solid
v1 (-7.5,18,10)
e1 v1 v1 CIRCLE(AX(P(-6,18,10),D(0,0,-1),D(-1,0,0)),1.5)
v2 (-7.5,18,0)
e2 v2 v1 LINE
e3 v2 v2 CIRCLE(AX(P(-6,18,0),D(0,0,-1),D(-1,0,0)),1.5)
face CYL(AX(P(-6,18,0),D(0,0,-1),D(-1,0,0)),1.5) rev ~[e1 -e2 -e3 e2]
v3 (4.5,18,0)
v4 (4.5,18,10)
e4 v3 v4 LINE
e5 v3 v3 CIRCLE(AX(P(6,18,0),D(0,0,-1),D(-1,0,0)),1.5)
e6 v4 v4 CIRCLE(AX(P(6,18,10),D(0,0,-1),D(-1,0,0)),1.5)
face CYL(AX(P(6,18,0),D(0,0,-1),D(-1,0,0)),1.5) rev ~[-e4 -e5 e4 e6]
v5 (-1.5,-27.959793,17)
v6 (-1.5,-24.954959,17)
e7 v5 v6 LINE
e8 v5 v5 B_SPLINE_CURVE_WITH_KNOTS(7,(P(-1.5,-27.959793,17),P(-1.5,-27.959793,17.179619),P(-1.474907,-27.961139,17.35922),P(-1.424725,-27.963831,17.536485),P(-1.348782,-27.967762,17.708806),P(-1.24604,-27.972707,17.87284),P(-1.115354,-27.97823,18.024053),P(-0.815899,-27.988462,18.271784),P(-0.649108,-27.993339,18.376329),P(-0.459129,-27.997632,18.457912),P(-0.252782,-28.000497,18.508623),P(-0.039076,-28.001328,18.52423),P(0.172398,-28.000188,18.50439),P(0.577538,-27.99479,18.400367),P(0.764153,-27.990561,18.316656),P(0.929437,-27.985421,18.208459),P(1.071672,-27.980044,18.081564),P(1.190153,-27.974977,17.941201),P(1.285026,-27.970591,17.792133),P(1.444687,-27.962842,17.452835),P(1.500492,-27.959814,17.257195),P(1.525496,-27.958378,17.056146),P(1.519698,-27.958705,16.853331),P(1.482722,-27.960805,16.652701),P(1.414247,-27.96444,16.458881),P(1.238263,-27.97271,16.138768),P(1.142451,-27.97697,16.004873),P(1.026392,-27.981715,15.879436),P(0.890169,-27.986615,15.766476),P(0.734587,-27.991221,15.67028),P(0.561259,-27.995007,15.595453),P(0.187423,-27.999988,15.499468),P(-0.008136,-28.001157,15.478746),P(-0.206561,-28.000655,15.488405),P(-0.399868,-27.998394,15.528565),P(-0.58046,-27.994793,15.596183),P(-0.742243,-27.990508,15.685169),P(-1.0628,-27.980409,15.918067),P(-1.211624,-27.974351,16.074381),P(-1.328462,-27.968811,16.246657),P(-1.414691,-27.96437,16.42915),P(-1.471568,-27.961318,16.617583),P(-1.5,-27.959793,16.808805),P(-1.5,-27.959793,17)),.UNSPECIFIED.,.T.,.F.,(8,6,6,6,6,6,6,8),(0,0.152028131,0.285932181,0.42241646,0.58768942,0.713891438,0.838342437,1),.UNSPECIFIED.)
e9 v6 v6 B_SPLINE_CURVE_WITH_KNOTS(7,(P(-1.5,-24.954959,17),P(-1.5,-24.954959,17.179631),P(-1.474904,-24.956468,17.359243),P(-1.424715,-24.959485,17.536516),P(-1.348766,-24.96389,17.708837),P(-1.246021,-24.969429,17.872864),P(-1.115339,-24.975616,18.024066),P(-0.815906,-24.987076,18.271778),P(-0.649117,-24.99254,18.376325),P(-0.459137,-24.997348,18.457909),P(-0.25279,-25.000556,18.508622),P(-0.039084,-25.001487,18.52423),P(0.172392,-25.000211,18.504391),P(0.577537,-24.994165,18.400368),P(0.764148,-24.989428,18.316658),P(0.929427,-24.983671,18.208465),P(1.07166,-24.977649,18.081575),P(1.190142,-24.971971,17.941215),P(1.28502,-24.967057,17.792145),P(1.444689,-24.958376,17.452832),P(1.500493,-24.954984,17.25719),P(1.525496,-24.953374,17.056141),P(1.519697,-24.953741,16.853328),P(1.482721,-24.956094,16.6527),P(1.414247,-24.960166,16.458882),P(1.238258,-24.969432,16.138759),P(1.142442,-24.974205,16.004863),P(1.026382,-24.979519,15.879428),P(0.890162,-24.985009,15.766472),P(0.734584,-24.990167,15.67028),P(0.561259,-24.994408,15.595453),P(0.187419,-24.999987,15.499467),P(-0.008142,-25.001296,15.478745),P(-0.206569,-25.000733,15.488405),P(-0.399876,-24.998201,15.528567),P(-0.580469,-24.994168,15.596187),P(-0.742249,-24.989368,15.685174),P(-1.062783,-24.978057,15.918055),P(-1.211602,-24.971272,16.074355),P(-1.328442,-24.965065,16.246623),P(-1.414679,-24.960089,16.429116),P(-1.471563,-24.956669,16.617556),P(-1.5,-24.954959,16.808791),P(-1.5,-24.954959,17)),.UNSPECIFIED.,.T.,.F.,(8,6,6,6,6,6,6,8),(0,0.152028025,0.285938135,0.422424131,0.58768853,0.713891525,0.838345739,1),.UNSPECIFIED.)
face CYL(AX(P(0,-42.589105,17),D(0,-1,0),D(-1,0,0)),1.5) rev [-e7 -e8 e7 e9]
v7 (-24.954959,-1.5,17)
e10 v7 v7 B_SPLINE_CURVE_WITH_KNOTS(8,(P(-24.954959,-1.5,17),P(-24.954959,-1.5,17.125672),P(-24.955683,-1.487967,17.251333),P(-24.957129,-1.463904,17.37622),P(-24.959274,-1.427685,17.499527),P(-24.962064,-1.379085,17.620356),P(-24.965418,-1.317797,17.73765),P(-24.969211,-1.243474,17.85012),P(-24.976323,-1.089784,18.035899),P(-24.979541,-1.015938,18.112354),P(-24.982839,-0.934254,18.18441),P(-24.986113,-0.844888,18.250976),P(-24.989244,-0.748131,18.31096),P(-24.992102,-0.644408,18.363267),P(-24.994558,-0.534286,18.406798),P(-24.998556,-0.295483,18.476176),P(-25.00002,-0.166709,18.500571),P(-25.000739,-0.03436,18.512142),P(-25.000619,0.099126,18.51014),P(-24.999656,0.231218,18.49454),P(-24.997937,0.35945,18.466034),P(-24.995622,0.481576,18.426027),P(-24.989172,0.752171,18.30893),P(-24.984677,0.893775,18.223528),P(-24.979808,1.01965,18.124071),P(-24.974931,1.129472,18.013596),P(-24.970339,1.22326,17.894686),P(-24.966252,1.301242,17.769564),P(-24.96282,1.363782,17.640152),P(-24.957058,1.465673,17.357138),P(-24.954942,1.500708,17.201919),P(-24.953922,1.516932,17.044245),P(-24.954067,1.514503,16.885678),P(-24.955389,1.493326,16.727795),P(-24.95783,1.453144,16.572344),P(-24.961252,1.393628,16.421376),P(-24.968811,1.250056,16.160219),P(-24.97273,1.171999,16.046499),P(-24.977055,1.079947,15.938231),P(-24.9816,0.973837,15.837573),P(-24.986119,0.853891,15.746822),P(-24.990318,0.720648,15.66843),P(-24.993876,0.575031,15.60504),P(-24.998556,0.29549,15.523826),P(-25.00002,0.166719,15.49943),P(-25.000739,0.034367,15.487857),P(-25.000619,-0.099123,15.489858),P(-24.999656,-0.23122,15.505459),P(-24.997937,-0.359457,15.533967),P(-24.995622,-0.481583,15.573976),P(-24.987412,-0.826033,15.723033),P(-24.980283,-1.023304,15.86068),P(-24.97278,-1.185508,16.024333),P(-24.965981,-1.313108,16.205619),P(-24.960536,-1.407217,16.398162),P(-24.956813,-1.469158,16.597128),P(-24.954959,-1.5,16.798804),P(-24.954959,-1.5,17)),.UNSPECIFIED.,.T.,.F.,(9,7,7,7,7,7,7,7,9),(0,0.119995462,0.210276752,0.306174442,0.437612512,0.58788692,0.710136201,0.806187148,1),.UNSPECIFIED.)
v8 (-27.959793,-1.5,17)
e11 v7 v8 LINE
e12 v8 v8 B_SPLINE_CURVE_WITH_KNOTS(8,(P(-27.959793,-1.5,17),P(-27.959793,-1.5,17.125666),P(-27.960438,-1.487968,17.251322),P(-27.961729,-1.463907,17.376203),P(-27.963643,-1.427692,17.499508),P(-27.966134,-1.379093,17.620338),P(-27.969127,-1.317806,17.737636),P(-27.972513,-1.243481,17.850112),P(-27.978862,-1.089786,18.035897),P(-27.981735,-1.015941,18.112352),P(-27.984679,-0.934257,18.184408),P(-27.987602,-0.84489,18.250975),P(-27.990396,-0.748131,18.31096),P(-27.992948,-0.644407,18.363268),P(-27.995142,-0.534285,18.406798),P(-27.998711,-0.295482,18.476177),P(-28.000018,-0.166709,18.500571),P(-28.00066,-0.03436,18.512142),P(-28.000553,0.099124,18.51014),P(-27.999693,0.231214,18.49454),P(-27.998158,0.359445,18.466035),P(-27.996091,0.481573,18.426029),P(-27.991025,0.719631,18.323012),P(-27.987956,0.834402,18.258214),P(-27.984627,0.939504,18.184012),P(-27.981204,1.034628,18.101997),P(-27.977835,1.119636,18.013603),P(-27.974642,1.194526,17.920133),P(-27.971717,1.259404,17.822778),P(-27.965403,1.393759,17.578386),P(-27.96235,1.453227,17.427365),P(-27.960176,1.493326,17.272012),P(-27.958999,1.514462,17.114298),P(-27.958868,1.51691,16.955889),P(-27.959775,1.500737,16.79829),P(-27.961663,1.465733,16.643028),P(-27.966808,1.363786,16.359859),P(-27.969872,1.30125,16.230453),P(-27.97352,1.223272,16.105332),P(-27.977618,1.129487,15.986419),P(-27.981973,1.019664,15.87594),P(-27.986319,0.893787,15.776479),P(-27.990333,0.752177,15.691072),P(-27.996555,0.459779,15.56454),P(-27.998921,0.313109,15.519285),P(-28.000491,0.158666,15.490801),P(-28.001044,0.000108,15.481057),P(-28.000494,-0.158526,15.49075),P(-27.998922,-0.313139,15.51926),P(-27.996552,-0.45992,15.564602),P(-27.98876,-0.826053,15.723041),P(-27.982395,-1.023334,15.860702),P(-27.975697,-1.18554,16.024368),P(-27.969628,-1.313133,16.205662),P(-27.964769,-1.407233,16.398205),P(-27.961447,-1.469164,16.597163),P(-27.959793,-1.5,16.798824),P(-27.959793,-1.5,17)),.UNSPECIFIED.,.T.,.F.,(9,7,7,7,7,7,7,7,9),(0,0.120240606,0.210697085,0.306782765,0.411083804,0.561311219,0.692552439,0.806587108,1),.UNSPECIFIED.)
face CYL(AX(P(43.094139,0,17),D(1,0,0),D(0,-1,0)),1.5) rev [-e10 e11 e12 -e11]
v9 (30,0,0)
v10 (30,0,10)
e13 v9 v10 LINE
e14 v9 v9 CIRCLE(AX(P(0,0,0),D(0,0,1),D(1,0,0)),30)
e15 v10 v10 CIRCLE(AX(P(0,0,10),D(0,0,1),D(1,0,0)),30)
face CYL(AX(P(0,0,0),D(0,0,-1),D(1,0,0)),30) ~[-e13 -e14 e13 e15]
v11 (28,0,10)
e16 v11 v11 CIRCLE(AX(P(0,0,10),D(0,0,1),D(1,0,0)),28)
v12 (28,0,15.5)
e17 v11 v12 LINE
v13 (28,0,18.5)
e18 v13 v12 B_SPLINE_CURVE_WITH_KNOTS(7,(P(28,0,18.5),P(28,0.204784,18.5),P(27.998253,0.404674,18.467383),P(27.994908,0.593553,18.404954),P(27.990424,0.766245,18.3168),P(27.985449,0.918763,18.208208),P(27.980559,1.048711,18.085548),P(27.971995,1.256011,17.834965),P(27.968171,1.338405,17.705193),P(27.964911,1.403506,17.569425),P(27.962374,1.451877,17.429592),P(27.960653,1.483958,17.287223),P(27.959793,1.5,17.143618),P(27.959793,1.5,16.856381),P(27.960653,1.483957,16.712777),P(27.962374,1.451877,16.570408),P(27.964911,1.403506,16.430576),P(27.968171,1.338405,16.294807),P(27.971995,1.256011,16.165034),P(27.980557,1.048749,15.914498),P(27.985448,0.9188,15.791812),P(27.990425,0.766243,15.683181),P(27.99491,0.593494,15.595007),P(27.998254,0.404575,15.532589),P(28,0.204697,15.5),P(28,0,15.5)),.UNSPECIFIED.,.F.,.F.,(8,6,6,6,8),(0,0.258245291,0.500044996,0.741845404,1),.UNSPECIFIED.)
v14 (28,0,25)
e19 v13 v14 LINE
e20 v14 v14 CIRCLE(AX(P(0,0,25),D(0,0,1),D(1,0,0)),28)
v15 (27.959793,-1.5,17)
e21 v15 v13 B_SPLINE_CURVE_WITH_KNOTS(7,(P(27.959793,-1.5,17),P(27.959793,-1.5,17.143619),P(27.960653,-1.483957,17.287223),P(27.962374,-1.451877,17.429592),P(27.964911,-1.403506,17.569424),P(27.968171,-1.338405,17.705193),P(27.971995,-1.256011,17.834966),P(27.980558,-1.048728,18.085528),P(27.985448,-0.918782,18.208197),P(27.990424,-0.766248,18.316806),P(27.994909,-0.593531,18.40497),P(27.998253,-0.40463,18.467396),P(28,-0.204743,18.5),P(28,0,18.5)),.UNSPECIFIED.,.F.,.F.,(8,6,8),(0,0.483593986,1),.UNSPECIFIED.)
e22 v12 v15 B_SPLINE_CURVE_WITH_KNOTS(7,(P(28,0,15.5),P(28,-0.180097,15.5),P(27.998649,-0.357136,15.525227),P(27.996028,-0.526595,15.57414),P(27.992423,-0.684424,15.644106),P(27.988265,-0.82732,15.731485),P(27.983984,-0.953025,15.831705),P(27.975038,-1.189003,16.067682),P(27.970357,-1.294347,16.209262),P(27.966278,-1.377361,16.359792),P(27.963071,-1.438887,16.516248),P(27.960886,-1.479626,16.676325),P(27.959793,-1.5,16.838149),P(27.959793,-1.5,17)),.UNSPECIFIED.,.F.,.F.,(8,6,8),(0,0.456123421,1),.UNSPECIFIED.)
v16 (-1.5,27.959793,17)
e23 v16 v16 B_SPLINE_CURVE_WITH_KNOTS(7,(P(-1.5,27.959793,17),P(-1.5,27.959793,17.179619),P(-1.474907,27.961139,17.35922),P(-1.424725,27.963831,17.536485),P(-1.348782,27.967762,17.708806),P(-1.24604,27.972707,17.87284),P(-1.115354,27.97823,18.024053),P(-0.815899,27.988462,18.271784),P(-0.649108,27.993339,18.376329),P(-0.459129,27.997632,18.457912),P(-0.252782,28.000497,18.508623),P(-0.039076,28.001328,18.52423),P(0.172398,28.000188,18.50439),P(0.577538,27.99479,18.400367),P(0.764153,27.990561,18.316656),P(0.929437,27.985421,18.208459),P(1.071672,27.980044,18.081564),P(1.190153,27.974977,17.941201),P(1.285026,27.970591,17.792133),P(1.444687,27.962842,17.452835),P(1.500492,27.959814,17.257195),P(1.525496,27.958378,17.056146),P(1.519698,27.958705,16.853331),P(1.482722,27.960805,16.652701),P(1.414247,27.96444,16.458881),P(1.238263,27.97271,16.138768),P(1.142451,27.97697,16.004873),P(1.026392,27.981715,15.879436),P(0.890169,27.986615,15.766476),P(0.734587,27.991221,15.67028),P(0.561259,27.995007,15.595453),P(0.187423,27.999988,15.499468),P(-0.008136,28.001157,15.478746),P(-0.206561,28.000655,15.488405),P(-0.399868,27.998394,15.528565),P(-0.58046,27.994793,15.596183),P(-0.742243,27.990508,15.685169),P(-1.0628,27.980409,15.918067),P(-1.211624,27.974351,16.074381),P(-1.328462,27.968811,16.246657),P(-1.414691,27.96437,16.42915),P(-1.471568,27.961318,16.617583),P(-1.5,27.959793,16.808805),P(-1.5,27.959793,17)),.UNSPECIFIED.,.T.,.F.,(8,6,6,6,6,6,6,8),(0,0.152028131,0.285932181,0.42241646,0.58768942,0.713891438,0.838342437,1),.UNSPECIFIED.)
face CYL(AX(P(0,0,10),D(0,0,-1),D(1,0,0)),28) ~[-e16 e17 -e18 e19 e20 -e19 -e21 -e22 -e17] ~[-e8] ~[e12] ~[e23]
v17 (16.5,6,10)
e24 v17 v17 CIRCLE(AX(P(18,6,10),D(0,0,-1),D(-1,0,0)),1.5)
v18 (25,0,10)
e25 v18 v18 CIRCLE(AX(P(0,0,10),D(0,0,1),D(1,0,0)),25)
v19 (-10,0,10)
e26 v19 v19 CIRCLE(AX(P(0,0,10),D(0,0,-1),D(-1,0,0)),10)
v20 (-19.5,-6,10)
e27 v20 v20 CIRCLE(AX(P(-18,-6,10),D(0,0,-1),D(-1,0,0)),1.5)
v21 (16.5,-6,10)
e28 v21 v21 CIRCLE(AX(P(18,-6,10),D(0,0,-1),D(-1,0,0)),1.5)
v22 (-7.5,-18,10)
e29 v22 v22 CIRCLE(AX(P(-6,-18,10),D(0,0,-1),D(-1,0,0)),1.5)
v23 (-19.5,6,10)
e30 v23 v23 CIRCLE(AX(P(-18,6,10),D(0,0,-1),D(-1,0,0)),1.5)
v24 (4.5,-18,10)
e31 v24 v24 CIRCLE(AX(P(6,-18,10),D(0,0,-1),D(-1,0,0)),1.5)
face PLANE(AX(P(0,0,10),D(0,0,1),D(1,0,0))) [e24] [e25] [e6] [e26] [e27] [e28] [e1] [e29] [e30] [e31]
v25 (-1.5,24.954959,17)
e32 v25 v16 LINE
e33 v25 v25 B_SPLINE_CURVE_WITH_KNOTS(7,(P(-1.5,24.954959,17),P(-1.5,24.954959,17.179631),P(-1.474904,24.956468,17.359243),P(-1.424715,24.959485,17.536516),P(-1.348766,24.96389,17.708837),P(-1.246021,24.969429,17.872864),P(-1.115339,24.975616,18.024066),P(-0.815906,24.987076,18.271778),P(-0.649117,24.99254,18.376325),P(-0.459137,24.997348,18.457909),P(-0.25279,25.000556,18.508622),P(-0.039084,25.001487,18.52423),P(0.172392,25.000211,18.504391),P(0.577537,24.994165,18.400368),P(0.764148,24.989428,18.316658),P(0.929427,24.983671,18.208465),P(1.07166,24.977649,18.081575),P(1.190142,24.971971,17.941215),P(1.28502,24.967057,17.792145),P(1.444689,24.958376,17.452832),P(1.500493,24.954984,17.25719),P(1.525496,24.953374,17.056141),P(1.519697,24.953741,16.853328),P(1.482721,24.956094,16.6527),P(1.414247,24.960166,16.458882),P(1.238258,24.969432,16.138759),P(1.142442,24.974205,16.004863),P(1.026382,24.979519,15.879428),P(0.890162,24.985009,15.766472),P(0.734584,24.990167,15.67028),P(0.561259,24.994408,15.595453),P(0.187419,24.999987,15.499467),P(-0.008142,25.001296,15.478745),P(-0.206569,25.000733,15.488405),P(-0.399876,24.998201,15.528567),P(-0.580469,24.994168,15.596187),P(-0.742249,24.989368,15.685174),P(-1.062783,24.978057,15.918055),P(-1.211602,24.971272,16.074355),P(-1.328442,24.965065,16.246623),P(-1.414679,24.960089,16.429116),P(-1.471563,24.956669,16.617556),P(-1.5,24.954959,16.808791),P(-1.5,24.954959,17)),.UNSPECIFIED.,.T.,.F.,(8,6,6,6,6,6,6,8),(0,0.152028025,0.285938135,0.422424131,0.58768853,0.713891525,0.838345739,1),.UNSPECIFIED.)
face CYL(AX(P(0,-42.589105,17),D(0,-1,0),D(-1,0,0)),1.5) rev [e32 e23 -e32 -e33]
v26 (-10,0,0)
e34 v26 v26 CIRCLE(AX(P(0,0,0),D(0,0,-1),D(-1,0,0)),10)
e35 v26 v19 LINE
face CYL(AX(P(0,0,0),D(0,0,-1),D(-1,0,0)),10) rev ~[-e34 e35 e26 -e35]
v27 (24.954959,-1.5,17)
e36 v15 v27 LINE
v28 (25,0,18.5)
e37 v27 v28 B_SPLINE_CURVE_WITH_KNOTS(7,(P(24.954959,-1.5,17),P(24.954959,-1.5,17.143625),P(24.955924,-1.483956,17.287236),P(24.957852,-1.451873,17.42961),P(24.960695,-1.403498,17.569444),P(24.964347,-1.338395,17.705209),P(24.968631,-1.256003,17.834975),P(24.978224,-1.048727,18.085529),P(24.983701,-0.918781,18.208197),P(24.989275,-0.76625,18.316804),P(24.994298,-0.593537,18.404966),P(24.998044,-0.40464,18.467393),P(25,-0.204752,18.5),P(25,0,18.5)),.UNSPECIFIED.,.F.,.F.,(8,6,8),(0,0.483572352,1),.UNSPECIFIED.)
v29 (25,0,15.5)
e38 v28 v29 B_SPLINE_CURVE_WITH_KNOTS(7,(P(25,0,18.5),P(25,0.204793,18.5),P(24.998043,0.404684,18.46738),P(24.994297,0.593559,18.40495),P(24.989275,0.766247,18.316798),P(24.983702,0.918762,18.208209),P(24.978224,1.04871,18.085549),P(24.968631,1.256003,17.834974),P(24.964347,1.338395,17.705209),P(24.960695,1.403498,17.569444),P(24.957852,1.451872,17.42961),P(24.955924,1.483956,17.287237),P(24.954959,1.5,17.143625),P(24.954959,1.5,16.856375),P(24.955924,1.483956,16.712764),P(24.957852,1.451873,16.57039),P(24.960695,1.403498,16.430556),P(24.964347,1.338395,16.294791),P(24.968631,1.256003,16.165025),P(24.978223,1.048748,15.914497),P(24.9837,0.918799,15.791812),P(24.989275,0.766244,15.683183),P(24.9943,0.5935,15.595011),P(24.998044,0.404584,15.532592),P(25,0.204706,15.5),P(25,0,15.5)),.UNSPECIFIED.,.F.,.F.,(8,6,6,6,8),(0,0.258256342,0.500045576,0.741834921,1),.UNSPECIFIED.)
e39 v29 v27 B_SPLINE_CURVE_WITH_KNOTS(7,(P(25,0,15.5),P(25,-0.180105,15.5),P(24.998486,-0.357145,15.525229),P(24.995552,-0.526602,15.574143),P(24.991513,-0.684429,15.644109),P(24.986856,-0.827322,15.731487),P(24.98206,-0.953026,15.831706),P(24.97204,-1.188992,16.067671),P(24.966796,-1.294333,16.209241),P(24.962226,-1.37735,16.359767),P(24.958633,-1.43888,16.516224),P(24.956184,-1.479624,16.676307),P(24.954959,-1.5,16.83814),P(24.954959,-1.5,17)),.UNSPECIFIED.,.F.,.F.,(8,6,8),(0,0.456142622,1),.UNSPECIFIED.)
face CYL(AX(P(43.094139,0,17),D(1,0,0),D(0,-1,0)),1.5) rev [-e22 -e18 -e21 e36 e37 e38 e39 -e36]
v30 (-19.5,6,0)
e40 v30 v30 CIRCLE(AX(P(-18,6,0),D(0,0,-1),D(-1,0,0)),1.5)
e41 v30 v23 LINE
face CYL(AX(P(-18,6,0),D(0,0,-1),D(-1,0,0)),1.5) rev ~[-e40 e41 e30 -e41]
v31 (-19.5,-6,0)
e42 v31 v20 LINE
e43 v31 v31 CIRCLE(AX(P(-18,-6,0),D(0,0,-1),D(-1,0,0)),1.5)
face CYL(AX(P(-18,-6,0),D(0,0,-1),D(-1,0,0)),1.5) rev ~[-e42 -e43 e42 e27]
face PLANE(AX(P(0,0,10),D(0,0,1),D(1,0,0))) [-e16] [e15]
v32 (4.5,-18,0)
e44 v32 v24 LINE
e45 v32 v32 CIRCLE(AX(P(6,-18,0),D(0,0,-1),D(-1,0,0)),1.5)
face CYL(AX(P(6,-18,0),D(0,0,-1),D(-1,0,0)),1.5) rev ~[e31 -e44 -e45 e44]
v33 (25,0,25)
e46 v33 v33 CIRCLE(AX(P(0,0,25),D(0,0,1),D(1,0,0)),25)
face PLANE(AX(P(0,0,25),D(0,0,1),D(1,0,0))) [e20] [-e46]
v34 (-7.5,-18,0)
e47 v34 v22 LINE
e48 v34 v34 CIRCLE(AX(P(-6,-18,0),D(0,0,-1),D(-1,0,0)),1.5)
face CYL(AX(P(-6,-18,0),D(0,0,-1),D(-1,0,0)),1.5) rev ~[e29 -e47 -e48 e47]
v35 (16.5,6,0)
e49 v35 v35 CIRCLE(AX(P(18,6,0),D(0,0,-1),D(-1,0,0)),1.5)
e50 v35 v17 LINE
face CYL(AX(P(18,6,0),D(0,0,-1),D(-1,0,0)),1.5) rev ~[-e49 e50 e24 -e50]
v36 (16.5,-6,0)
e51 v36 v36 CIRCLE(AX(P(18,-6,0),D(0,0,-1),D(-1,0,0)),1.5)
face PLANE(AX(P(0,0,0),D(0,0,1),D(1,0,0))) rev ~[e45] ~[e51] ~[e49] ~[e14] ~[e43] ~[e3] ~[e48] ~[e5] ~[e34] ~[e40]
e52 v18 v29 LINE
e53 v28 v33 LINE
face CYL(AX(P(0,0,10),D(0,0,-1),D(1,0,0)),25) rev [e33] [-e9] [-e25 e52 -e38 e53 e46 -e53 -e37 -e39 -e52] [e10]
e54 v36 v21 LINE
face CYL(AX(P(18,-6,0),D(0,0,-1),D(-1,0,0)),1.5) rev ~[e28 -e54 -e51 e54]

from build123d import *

# Parameters (mm, degrees)
SKETCH_1_R               = 30
EXTRUDE_1_DEPTH          = 10
SKETCH_2_R               = 28
SKETCH_2_R_2             = 25
EXTRUDE_2_DEPTH          = 15
CUT_EXTRUDE_1_DEPTH      = 72.589105316
CUT_EXTRUDE_1_DEPTH_BACK = 72.589105316
SKETCH_3_R               = 1.5
CUT_EXTRUDE_2_DEPTH      = 70.094138717
CUT_EXTRUDE_2_DEPTH_BACK = 70.094138717
SKETCH_4_R               = 1.5
SKETCH_5_R               = 1.5
CUT_EXTRUDE_3_DEPTH      = 15
SKETCH_6_R               = 10
CUT_EXTRUDE_4_DEPTH      = 10


with BuildPart() as part:
    # 스케치1 → 보스-돌출1 (new body)
    with BuildSketch(Plane.XY):
        Circle(SKETCH_1_R)
    extrude(amount=EXTRUDE_1_DEPTH)

    # 스케치2 → 보스-돌출2 (add)
    with BuildSketch(Plane.XY.offset(10)):
        Circle(SKETCH_2_R)
        Circle(SKETCH_2_R_2, mode=Mode.SUBTRACT)
    extrude(amount=EXTRUDE_2_DEPTH)

    # 스케치3 → 컷-돌출1 (cut, two sides: drawn at the far end of the back side and taken through both)
    with BuildSketch(Plane(origin=(0, 30, 0), x_dir=(1, 0, 0), z_dir=(0, 1, 0)).offset(-CUT_EXTRUDE_1_DEPTH_BACK)):
        with Locations(Location((0, -17, 0), (0, 0, 180))):
            Circle(SKETCH_3_R)
    extrude(amount=CUT_EXTRUDE_1_DEPTH + CUT_EXTRUDE_1_DEPTH_BACK, mode=Mode.SUBTRACT)

    # 스케치4 → 컷-돌출2 (cut, two sides: drawn at the far end of the back side and taken through both)
    with BuildSketch(Plane.ZY.offset(27).offset(-CUT_EXTRUDE_2_DEPTH_BACK)):
        with Locations(Location((17, 0, 0), (0, 0, 270))):
            Circle(SKETCH_4_R)
    extrude(amount=CUT_EXTRUDE_2_DEPTH + CUT_EXTRUDE_2_DEPTH_BACK, mode=Mode.SUBTRACT)

    # 스케치5 → 컷-돌출3 (cut)
    with BuildSketch(Plane(origin=(0, 0, 0), x_dir=(-1, 0, 0), z_dir=(0, 0, -1))):
        with Locations((-6, -18)):
            Circle(SKETCH_5_R)
        with Locations((6, -18)):
            Circle(SKETCH_5_R)
        with Locations((18, -6)):
            Circle(SKETCH_5_R)
        with Locations((18, 6)):
            Circle(SKETCH_5_R)
        with Locations((6, 18)):
            Circle(SKETCH_5_R)
        with Locations((-6, 18)):
            Circle(SKETCH_5_R)
        with Locations((-18, 6)):
            Circle(SKETCH_5_R)
        with Locations((-18, -6)):
            Circle(SKETCH_5_R)
    extrude(amount=-CUT_EXTRUDE_3_DEPTH, mode=Mode.SUBTRACT)

    # 스케치6 → 컷-돌출4 (cut)
    with BuildSketch(Plane(origin=(0, 0, 0), x_dir=(-1, 0, 0), z_dir=(0, 0, -1))):
        Circle(SKETCH_6_R)
    extrude(amount=-CUT_EXTRUDE_4_DEPTH, mode=Mode.SUBTRACT)


solid = part.part
